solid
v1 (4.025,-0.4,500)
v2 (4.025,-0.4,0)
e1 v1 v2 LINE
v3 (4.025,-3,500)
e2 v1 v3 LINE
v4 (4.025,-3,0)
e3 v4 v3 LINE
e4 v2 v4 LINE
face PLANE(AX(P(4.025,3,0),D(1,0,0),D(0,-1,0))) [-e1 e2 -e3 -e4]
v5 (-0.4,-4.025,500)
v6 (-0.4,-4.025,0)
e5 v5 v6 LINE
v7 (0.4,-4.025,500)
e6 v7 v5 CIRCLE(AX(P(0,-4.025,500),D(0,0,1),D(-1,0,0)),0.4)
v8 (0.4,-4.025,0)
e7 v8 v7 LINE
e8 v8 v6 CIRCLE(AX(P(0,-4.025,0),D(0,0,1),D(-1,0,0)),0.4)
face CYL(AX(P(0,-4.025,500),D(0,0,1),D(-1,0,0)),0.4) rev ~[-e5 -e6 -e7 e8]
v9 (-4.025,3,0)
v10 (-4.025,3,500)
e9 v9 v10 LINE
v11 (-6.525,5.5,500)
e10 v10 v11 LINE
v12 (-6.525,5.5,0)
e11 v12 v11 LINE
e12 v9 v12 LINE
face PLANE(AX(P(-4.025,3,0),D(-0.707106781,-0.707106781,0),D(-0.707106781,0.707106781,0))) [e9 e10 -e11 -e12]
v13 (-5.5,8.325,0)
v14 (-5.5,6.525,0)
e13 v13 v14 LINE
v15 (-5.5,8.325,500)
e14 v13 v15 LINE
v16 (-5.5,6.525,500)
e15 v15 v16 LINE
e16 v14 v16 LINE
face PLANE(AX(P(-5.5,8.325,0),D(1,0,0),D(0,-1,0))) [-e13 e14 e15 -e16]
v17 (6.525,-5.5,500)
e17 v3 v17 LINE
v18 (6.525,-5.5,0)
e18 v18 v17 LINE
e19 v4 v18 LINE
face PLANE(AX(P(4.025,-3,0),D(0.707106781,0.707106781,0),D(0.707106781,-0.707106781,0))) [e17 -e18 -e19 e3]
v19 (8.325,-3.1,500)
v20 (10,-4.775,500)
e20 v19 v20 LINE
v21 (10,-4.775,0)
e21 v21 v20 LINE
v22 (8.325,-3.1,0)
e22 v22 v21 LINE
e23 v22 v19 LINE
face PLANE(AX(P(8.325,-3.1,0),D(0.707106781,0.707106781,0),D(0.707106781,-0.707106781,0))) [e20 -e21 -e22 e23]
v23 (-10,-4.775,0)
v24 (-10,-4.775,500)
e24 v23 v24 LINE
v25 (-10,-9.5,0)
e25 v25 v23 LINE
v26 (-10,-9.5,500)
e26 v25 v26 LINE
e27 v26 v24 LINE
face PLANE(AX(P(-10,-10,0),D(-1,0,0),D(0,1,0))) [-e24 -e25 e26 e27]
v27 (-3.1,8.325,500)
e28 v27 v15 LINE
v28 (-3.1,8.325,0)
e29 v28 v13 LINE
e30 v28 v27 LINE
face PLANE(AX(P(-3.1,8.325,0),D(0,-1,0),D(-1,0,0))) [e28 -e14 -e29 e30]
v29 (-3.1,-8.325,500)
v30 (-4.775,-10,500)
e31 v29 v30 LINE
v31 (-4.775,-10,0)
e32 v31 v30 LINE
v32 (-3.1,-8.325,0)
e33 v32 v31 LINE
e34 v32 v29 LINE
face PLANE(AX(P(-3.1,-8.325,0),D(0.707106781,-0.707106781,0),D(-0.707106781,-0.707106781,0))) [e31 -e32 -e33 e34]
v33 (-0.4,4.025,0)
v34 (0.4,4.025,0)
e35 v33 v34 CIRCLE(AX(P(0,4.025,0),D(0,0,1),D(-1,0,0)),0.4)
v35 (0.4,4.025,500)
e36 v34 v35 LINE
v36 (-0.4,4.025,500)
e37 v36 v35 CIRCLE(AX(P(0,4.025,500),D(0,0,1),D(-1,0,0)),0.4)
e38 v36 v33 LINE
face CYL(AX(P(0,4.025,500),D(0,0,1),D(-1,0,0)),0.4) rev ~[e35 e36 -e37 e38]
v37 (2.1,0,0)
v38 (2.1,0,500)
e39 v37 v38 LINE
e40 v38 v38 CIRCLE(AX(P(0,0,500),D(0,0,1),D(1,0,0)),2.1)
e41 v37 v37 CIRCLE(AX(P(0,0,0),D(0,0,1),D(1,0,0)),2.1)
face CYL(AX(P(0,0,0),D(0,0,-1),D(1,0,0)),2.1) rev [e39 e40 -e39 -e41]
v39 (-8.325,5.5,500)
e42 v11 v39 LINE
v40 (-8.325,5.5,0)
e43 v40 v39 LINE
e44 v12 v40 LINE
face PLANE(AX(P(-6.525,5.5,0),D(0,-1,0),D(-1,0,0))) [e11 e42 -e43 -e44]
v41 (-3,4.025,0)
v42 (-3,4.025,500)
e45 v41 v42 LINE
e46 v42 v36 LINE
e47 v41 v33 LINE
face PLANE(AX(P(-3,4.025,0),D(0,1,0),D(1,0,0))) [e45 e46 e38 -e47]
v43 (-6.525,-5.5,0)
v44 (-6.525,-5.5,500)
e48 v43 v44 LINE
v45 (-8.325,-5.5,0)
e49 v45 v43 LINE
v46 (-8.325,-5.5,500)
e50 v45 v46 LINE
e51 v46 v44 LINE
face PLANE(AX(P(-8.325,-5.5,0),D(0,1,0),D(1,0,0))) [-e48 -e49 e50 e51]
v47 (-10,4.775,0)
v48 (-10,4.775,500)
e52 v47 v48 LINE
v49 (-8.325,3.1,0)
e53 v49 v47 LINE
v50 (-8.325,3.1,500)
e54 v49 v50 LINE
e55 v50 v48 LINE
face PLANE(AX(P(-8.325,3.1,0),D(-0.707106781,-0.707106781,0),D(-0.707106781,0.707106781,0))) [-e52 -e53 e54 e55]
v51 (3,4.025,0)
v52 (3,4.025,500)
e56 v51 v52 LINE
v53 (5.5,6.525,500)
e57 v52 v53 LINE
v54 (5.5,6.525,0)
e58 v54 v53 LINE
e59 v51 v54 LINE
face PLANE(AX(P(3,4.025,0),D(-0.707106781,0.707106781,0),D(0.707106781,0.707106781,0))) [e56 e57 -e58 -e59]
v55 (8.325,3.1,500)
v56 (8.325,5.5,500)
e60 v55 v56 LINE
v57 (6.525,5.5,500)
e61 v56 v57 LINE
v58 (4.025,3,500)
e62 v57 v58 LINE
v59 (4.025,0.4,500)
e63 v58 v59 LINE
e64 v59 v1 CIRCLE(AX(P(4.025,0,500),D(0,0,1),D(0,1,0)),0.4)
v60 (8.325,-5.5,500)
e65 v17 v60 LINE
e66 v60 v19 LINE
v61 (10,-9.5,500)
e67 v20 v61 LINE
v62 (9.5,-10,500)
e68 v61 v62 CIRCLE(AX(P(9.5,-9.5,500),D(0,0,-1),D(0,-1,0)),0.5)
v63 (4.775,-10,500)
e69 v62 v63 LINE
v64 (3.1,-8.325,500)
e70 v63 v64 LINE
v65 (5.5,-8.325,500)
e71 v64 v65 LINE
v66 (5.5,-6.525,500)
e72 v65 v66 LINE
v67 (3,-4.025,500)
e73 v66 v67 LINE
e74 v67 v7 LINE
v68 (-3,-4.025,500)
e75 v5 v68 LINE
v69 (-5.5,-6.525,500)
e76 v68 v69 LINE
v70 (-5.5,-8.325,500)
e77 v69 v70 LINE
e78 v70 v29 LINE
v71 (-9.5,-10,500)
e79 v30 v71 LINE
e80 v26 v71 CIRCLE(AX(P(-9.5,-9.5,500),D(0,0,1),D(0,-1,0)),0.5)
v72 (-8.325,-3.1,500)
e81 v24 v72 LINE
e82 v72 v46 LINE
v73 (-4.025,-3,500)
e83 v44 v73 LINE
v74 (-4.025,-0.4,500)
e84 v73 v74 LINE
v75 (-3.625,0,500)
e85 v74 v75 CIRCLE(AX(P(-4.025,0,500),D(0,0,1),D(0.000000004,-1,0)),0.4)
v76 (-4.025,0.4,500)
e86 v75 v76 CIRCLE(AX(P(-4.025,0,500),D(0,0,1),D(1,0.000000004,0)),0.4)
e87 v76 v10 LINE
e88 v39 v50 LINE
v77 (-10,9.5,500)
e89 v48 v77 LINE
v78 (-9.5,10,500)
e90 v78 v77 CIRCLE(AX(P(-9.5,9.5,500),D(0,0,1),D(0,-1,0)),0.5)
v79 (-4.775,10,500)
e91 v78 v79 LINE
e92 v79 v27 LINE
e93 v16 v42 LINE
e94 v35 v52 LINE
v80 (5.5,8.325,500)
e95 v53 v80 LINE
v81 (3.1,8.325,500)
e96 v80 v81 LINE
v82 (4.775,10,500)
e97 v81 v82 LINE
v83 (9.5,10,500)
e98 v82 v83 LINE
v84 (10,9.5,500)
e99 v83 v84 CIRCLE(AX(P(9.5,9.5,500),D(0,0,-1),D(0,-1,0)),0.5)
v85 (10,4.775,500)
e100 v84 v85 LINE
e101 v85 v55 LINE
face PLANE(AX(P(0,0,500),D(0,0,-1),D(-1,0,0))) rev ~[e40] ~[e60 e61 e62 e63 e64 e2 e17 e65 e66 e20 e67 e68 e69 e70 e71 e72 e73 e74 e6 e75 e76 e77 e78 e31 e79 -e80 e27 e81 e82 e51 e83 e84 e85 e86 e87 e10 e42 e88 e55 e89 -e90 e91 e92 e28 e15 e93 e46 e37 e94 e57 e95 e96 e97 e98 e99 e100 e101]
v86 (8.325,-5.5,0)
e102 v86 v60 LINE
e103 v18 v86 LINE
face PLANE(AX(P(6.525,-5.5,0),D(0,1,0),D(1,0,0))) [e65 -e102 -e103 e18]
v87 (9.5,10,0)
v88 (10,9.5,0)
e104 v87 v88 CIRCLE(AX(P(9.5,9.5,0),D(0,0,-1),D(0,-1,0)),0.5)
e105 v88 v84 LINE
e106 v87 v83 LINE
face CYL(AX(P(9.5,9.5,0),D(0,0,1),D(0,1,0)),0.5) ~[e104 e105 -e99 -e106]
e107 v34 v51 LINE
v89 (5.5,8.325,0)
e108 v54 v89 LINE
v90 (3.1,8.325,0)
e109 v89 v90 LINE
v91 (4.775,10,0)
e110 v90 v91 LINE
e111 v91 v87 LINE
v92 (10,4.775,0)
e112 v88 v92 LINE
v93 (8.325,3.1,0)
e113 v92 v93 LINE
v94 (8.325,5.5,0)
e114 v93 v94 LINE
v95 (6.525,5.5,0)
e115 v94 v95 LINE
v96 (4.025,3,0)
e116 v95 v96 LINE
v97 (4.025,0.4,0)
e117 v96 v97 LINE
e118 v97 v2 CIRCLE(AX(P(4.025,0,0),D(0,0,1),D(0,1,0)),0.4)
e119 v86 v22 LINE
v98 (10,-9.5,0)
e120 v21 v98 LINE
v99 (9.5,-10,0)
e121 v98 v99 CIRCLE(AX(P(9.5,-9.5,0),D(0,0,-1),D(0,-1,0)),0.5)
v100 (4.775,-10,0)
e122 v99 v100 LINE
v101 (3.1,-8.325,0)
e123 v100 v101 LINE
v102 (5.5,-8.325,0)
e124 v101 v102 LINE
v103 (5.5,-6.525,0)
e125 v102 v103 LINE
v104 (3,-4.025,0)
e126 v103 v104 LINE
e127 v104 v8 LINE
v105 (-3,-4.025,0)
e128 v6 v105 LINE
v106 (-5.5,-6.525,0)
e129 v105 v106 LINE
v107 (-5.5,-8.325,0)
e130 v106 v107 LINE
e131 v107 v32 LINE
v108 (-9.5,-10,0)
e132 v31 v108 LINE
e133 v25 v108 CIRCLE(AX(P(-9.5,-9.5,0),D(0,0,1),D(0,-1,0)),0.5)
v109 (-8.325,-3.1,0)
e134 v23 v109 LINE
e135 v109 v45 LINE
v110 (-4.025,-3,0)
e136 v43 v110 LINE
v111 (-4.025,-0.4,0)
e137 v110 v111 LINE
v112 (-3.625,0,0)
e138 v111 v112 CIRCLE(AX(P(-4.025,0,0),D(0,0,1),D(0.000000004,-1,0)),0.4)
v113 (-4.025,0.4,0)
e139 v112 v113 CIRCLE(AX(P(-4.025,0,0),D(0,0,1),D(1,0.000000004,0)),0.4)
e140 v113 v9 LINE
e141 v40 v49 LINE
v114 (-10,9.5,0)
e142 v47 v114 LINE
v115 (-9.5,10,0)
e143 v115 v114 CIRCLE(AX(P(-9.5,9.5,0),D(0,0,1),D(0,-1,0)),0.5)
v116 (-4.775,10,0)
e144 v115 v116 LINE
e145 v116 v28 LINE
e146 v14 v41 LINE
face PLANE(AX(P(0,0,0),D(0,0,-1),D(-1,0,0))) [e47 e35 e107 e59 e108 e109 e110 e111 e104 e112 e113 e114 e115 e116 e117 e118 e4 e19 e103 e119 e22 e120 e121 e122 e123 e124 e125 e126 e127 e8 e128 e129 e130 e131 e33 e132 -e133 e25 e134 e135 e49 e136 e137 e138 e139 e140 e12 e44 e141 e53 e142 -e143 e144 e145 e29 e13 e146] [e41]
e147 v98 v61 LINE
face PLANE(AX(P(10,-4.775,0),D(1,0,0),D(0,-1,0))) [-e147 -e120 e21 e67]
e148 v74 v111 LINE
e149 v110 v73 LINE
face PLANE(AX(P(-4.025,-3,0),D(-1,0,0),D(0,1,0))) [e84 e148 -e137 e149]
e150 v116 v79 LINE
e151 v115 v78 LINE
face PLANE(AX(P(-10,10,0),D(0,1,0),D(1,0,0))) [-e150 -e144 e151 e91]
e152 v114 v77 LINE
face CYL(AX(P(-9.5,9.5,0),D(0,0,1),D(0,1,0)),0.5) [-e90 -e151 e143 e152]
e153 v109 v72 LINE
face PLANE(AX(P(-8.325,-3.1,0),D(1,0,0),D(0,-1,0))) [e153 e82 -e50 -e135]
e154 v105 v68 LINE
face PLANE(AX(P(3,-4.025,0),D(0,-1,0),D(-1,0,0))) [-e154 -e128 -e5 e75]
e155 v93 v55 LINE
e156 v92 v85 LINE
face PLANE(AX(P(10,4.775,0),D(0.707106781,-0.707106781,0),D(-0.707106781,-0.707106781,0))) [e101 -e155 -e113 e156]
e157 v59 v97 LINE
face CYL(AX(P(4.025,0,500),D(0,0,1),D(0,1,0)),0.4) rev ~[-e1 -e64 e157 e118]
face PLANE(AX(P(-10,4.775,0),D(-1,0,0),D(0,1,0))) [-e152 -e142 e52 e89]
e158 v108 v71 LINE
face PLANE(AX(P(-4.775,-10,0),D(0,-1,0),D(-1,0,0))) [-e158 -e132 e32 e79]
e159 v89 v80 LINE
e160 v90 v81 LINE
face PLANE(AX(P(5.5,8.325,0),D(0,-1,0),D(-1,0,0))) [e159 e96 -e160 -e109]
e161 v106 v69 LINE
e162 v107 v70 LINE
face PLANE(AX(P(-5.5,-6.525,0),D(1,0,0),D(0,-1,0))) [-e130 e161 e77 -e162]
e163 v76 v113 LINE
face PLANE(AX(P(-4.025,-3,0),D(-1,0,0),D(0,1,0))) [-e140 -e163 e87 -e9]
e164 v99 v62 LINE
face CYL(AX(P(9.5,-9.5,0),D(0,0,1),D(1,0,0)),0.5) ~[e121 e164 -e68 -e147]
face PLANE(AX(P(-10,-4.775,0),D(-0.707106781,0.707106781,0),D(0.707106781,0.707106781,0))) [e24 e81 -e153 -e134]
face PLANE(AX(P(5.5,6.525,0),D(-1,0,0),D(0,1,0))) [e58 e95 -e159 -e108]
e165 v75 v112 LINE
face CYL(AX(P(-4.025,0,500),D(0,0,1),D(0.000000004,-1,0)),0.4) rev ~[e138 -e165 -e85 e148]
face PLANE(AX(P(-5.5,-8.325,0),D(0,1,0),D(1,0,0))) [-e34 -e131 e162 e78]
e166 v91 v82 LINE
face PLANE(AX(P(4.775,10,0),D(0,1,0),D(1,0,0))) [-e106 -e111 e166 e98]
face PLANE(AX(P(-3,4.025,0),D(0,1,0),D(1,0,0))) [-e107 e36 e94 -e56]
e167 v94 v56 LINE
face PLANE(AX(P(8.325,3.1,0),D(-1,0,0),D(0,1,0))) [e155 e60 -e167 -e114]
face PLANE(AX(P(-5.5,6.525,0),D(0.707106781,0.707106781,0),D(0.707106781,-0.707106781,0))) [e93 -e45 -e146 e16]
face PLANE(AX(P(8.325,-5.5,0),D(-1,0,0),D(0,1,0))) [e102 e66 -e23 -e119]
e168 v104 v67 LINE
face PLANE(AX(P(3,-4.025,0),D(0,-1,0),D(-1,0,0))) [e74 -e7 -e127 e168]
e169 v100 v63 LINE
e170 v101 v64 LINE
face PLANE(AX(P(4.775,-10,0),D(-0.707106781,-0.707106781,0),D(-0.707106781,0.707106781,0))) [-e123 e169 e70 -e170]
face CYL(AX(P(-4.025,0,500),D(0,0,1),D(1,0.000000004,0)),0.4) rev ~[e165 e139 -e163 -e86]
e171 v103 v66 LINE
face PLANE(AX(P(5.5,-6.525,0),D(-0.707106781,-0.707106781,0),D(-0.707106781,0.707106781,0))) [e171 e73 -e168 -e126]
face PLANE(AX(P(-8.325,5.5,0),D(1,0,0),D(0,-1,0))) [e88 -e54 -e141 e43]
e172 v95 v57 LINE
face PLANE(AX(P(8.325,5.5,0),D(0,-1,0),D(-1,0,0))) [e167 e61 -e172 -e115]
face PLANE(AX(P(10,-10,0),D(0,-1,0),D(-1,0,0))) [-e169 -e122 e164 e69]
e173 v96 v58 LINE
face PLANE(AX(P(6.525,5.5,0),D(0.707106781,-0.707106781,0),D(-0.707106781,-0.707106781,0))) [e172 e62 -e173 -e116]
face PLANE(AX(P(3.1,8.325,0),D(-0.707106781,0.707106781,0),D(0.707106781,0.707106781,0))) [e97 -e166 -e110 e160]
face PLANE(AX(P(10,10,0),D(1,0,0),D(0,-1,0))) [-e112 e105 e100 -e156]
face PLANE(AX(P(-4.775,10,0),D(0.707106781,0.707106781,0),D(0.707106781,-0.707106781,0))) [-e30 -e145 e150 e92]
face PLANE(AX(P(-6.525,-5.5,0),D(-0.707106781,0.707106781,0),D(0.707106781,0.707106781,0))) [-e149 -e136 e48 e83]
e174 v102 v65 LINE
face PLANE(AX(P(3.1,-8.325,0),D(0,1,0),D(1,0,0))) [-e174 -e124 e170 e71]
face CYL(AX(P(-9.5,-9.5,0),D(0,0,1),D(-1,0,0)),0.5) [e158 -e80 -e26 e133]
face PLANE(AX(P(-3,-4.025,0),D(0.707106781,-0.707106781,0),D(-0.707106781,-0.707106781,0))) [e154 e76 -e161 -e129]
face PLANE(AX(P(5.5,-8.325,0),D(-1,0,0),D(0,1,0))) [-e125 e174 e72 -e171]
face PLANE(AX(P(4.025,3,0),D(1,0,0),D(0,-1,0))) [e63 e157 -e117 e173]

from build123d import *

# Parameters (mm, degrees)
SKETCH1_R           = 2.1
BOSS_EXTRUDE1_DEPTH = 500
FILLET1_R           = 0.5
CUT_EXTRUDE1_DEPTH  = 501.199960016


with BuildPart() as part:
    # Sketch1 → Boss-Extrude1 (new body)
    with BuildSketch(Plane.XY):
        Polygon((-10, 10), (-4.775, 10), (-3.1, 8.325), (-5.5, 8.325), (-5.5, 6.525), (-3, 4.025), (3, 4.025), (5.5, 6.525), (5.5, 8.325), (3.1, 8.325), (4.775, 10), (10, 10), (10, 4.775), (8.325, 3.1), (8.325, 5.5), (6.525, 5.5), (4.025, 3), (4.025, -3), (6.525, -5.5), (8.325, -5.5), (8.325, -3.1), (10, -4.775), (10, -10), (4.775, -10), (3.1, -8.325), (5.5, -8.325), (5.5, -6.525), (3, -4.025), (-3, -4.025), (-5.5, -6.525), (-5.5, -8.325), (-3.1, -8.325), (-4.775, -10), (-10, -10), (-10, -4.775), (-8.325, -3.1), (-8.325, -5.5), (-6.525, -5.5), (-4.025, -3), (-4.025, 3), (-6.525, 5.5), (-8.325, 5.5), (-8.325, 3.1), (-10, 4.775), align=None)
        Circle(SKETCH1_R, mode=Mode.SUBTRACT)
    extrude(amount=BOSS_EXTRUDE1_DEPTH)

    # Fillet1
    fillet1_edges = [part.edges().sort_by_distance(p)[0] for p in [
        (10, -10, 250),
        (-10, -10, 250),
        (-10, 10, 250),
        (10, 10, 250),
    ]]
    fillet(fillet1_edges, radius=FILLET1_R)

    # Sketch2 → Cut-Extrude1 (cut, through all)
    with BuildSketch(Plane.XY.offset(500)):
        with BuildLine():
            ThreePointArc((-4.025, 0.4), (-4.425, 0), (-4.025, -0.4))
            Line((-4.025, -0.4), (-4.025, 0.4))
        make_face()
        with BuildLine():
            Line((-4.025, 0.4), (-4.025, -0.4))
            ThreePointArc((-4.025, -0.4), (-3.742157288, -0.282842712), (-3.625, 0))
            ThreePointArc((-3.625, 0), (-3.742157288, 0.282842712), (-4.025, 0.4))
        make_face()
        with BuildLine():
            ThreePointArc((0.4, 4.025), (0, 4.425), (-0.4, 4.025))
            Line((-0.4, 4.025), (0.4, 4.025))
        make_face()
        with BuildLine():
            Line((0.4, 4.025), (-0.4, 4.025))
            ThreePointArc((-0.4, 4.025), (0, 3.625), (0.4, 4.025))
        make_face()
        with BuildLine():
            ThreePointArc((4.025, 0.4), (3.625, 0), (4.025, -0.4))
            Line((4.025, -0.4), (4.025, 0.4))
        make_face()
        with BuildLine():
            Line((4.025, 0.4), (4.025, -0.4))
            ThreePointArc((4.025, -0.4), (4.307842712, -0.282842712), (4.425, 0))
            ThreePointArc((4.425, 0), (4.307842712, 0.282842712), (4.025, 0.4))
        make_face()
        with BuildLine():
            ThreePointArc((0.4, -4.025), (0, -3.625), (-0.4, -4.025))
            Line((-0.4, -4.025), (0.4, -4.025))
        make_face()
        with BuildLine():
            Line((0.4, -4.025), (-0.4, -4.025))
            ThreePointArc((-0.4, -4.025), (0, -4.425), (0.4, -4.025))
        make_face()
    extrude(amount=-CUT_EXTRUDE1_DEPTH, mode=Mode.SUBTRACT)


solid = part.part
